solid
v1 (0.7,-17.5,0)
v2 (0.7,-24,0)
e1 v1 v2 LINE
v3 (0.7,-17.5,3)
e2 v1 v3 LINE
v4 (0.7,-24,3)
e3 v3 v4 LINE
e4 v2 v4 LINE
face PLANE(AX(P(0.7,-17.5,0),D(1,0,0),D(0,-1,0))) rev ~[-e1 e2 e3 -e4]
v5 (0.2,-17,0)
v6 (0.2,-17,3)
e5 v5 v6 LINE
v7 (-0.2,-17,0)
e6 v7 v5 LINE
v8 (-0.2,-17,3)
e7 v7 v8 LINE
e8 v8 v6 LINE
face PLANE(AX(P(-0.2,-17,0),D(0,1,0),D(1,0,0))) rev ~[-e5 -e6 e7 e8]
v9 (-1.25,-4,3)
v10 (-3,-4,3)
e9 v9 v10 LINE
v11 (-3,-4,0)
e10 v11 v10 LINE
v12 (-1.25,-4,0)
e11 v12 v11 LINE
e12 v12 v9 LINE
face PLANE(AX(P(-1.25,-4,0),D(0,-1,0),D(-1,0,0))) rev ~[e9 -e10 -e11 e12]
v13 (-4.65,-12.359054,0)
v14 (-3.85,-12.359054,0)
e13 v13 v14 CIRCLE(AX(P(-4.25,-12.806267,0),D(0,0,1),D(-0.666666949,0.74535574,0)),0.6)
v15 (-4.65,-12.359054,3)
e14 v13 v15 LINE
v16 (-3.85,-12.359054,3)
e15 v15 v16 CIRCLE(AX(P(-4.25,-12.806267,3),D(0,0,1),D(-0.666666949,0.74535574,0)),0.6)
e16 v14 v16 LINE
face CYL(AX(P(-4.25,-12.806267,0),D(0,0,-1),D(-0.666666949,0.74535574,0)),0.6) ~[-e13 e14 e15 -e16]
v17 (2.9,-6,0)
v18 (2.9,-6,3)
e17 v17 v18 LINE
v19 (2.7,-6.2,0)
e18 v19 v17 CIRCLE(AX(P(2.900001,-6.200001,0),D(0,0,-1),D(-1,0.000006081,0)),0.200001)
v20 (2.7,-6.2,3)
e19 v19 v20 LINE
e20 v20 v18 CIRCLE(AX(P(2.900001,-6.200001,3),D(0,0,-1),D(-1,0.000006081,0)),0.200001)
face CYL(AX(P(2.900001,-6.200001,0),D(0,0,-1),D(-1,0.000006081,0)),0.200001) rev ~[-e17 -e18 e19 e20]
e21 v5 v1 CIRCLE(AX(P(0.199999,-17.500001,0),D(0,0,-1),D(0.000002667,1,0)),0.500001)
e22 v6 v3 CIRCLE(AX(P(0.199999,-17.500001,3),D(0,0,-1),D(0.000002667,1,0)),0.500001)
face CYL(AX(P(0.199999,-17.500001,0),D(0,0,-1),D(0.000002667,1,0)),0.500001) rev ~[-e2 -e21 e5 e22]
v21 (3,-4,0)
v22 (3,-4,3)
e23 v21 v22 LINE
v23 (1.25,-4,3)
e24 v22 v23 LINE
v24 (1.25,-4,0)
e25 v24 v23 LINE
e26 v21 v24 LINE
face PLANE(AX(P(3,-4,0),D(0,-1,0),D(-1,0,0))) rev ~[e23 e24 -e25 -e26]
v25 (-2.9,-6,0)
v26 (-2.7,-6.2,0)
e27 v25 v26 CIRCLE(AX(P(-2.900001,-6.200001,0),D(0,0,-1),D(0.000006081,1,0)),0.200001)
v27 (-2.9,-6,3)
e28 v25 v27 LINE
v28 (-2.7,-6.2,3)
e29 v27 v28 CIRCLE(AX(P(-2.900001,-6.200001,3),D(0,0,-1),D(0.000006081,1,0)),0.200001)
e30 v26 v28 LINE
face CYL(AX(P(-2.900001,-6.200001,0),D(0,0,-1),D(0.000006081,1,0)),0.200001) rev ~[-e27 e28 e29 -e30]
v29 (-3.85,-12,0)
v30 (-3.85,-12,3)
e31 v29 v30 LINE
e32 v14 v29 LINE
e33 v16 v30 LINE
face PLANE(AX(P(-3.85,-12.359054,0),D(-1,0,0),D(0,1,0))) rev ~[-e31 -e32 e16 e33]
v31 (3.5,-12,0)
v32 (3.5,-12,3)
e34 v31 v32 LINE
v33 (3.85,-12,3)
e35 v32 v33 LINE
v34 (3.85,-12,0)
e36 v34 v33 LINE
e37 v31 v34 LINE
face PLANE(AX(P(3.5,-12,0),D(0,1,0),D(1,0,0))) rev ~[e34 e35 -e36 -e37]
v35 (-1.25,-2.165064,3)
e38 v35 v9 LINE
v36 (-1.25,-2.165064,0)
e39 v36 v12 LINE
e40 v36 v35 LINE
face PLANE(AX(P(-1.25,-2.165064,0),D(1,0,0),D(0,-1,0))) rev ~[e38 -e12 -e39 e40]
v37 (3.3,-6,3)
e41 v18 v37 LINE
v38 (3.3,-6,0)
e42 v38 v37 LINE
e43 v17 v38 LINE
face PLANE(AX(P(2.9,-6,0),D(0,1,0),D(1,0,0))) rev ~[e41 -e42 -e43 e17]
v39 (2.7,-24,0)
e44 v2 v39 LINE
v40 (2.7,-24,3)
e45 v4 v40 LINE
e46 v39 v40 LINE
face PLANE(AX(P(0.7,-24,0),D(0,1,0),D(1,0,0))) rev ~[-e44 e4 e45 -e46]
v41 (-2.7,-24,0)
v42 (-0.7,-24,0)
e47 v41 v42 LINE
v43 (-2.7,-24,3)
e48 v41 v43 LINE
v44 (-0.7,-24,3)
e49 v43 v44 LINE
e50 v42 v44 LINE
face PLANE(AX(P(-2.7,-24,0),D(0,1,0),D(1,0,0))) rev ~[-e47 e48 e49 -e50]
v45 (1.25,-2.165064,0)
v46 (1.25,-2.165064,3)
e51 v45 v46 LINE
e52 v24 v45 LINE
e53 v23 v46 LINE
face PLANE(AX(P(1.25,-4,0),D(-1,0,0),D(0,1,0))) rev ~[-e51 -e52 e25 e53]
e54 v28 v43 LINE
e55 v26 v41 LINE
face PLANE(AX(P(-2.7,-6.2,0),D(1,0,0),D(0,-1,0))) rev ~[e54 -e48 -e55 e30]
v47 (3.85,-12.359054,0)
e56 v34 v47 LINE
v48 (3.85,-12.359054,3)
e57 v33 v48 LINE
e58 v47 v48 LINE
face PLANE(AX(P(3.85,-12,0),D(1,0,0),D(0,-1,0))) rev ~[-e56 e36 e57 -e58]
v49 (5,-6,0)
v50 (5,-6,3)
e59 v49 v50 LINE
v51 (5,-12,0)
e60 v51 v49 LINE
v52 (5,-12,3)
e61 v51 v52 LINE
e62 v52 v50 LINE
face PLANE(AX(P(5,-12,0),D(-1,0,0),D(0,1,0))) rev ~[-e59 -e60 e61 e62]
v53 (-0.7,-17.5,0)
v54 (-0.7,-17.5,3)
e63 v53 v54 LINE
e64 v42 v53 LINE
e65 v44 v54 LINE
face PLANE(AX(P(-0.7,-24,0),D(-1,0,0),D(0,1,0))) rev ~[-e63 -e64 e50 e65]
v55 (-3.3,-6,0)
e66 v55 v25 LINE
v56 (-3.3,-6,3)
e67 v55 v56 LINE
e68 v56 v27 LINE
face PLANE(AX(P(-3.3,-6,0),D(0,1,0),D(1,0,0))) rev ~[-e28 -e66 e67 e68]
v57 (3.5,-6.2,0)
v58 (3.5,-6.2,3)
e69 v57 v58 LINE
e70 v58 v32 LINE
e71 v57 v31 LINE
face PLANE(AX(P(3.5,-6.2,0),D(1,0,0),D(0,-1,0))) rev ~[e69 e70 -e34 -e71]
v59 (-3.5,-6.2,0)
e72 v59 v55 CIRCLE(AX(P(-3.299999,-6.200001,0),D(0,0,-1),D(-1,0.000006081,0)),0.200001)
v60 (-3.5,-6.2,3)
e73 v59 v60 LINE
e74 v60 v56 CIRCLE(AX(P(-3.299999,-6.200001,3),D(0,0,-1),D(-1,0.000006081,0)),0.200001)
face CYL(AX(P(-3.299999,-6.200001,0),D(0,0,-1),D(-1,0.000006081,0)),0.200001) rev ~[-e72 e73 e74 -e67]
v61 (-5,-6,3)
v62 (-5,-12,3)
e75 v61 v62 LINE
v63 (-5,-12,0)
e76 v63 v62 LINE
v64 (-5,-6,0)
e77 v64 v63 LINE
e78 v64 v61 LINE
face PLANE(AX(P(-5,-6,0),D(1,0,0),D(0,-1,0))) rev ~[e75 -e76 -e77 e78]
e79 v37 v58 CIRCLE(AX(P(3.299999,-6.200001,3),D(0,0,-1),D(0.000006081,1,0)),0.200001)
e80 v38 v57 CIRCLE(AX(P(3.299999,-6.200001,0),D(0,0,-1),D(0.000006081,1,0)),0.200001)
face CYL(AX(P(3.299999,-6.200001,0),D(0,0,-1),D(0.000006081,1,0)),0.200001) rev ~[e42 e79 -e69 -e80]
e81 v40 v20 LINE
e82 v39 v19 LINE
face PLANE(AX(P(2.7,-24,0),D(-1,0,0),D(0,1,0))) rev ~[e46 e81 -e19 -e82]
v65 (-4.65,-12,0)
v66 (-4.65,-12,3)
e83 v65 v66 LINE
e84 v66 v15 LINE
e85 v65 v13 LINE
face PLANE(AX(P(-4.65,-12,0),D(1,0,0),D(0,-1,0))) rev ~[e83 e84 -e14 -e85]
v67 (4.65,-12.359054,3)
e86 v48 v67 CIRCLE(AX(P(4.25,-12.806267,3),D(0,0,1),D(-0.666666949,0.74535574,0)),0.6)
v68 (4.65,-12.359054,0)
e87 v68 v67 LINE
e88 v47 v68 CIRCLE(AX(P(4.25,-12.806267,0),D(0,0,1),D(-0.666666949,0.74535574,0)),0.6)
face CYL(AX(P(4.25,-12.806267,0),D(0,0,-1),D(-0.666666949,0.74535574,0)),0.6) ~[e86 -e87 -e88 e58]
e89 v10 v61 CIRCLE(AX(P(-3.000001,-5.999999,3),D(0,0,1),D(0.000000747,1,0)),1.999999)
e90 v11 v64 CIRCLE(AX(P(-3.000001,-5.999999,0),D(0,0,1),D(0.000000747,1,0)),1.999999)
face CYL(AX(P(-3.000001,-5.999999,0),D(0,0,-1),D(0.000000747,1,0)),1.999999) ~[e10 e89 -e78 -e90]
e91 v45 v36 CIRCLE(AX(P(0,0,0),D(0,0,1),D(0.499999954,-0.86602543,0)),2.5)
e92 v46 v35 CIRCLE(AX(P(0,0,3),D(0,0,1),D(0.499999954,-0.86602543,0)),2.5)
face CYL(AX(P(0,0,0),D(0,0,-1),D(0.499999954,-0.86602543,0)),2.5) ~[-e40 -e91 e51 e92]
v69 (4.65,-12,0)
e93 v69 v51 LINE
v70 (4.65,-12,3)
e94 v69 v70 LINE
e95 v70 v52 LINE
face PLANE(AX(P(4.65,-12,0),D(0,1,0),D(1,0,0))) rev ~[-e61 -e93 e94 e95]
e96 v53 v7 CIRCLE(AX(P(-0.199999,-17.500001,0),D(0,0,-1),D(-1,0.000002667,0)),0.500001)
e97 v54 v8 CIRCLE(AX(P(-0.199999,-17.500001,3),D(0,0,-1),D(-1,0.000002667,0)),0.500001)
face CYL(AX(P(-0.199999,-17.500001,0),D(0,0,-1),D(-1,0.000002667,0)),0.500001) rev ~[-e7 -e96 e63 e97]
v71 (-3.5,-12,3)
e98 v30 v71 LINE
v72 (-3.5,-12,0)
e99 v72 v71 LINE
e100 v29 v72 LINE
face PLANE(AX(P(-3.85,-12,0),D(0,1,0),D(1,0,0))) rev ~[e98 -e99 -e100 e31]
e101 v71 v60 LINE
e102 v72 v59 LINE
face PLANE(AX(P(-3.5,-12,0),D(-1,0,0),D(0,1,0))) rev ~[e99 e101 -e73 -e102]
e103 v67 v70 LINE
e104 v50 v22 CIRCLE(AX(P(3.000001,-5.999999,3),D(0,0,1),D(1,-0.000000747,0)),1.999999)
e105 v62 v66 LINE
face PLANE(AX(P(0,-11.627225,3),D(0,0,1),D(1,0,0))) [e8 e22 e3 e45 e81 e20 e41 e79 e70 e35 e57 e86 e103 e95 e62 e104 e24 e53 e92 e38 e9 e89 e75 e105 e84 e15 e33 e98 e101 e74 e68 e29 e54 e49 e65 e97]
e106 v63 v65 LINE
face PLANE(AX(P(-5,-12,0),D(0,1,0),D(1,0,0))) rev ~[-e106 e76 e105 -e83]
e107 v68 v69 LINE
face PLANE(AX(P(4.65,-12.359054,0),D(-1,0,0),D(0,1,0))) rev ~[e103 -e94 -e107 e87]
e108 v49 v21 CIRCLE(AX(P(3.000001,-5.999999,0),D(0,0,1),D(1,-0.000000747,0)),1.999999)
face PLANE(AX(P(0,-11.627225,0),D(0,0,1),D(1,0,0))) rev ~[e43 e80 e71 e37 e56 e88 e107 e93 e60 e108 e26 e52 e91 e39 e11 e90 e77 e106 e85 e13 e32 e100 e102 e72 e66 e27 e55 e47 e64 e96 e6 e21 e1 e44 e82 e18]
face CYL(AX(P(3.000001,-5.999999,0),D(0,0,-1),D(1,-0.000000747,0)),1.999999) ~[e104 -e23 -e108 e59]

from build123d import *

# Parameters (mm, degrees)
F1_DEPTH = 3


with BuildPart() as f1:
    # F0 (on Top) → F1 (new body)
    with BuildSketch(Plane.XY):
        with BuildLine():
            Line((1.25, -4), (1.25, -2.165064))
            ThreePointArc((1.25, -2.165064), (0, 2.5), (-1.25, -2.165064))
            Line((-1.25, -2.165064), (-1.25, -4))
            Line((-1.25, -4), (-3, -4))
            ThreePointArc((-3, -4), (-4.414214, -4.585786), (-5, -6))
            Line((-5, -6), (-5, -12))
            Line((-5, -12), (-4.65, -12))
            Line((-4.65, -12), (-4.65, -12.359054))
            ThreePointArc((-4.65, -12.359054), (-4.25, -13.406267), (-3.85, -12.359054))
            Line((-3.85, -12.359054), (-3.85, -12))
            Line((-3.85, -12), (-3.5, -12))
            Line((-3.5, -12), (-3.5, -6.2))
            ThreePointArc((-3.5, -6.2), (-3.441421, -6.058579), (-3.3, -6))
            Line((-3.3, -6), (-2.9, -6))
            ThreePointArc((-2.9, -6), (-2.758579, -6.058579), (-2.7, -6.2))
            Line((-2.7, -6.2), (-2.7, -24))
            Line((-2.7, -24), (-0.7, -24))
            Line((-0.7, -24), (-0.7, -17.5))
            ThreePointArc((-0.7, -17.5), (-0.553553, -17.146447), (-0.2, -17))
            Line((-0.2, -17), (0, -17))
            Line((0, -17), (0.2, -17))
            ThreePointArc((0.2, -17), (0.553553, -17.146447), (0.7, -17.5))
            Line((0.7, -17.5), (0.7, -24))
            Line((0.7, -24), (2.7, -24))
            Line((2.7, -24), (2.7, -6.2))
            ThreePointArc((2.7, -6.2), (2.758579, -6.058579), (2.9, -6))
            Line((2.9, -6), (3.3, -6))
            ThreePointArc((3.3, -6), (3.441421, -6.058579), (3.5, -6.2))
            Line((3.5, -6.2), (3.5, -12))
            Line((3.5, -12), (3.85, -12))
            Line((3.85, -12), (3.85, -12.359054))
            ThreePointArc((3.85, -12.359054), (4.25, -13.406267), (4.65, -12.359054))
            Line((4.65, -12.359054), (4.65, -12))
            Line((4.65, -12), (5, -12))
            Line((5, -12), (5, -6))
            ThreePointArc((5, -6), (4.414214, -4.585786), (3, -4))
            Line((3, -4), (1.25, -4))
        make_face()
    extrude(amount=F1_DEPTH)


solid = f1.part
